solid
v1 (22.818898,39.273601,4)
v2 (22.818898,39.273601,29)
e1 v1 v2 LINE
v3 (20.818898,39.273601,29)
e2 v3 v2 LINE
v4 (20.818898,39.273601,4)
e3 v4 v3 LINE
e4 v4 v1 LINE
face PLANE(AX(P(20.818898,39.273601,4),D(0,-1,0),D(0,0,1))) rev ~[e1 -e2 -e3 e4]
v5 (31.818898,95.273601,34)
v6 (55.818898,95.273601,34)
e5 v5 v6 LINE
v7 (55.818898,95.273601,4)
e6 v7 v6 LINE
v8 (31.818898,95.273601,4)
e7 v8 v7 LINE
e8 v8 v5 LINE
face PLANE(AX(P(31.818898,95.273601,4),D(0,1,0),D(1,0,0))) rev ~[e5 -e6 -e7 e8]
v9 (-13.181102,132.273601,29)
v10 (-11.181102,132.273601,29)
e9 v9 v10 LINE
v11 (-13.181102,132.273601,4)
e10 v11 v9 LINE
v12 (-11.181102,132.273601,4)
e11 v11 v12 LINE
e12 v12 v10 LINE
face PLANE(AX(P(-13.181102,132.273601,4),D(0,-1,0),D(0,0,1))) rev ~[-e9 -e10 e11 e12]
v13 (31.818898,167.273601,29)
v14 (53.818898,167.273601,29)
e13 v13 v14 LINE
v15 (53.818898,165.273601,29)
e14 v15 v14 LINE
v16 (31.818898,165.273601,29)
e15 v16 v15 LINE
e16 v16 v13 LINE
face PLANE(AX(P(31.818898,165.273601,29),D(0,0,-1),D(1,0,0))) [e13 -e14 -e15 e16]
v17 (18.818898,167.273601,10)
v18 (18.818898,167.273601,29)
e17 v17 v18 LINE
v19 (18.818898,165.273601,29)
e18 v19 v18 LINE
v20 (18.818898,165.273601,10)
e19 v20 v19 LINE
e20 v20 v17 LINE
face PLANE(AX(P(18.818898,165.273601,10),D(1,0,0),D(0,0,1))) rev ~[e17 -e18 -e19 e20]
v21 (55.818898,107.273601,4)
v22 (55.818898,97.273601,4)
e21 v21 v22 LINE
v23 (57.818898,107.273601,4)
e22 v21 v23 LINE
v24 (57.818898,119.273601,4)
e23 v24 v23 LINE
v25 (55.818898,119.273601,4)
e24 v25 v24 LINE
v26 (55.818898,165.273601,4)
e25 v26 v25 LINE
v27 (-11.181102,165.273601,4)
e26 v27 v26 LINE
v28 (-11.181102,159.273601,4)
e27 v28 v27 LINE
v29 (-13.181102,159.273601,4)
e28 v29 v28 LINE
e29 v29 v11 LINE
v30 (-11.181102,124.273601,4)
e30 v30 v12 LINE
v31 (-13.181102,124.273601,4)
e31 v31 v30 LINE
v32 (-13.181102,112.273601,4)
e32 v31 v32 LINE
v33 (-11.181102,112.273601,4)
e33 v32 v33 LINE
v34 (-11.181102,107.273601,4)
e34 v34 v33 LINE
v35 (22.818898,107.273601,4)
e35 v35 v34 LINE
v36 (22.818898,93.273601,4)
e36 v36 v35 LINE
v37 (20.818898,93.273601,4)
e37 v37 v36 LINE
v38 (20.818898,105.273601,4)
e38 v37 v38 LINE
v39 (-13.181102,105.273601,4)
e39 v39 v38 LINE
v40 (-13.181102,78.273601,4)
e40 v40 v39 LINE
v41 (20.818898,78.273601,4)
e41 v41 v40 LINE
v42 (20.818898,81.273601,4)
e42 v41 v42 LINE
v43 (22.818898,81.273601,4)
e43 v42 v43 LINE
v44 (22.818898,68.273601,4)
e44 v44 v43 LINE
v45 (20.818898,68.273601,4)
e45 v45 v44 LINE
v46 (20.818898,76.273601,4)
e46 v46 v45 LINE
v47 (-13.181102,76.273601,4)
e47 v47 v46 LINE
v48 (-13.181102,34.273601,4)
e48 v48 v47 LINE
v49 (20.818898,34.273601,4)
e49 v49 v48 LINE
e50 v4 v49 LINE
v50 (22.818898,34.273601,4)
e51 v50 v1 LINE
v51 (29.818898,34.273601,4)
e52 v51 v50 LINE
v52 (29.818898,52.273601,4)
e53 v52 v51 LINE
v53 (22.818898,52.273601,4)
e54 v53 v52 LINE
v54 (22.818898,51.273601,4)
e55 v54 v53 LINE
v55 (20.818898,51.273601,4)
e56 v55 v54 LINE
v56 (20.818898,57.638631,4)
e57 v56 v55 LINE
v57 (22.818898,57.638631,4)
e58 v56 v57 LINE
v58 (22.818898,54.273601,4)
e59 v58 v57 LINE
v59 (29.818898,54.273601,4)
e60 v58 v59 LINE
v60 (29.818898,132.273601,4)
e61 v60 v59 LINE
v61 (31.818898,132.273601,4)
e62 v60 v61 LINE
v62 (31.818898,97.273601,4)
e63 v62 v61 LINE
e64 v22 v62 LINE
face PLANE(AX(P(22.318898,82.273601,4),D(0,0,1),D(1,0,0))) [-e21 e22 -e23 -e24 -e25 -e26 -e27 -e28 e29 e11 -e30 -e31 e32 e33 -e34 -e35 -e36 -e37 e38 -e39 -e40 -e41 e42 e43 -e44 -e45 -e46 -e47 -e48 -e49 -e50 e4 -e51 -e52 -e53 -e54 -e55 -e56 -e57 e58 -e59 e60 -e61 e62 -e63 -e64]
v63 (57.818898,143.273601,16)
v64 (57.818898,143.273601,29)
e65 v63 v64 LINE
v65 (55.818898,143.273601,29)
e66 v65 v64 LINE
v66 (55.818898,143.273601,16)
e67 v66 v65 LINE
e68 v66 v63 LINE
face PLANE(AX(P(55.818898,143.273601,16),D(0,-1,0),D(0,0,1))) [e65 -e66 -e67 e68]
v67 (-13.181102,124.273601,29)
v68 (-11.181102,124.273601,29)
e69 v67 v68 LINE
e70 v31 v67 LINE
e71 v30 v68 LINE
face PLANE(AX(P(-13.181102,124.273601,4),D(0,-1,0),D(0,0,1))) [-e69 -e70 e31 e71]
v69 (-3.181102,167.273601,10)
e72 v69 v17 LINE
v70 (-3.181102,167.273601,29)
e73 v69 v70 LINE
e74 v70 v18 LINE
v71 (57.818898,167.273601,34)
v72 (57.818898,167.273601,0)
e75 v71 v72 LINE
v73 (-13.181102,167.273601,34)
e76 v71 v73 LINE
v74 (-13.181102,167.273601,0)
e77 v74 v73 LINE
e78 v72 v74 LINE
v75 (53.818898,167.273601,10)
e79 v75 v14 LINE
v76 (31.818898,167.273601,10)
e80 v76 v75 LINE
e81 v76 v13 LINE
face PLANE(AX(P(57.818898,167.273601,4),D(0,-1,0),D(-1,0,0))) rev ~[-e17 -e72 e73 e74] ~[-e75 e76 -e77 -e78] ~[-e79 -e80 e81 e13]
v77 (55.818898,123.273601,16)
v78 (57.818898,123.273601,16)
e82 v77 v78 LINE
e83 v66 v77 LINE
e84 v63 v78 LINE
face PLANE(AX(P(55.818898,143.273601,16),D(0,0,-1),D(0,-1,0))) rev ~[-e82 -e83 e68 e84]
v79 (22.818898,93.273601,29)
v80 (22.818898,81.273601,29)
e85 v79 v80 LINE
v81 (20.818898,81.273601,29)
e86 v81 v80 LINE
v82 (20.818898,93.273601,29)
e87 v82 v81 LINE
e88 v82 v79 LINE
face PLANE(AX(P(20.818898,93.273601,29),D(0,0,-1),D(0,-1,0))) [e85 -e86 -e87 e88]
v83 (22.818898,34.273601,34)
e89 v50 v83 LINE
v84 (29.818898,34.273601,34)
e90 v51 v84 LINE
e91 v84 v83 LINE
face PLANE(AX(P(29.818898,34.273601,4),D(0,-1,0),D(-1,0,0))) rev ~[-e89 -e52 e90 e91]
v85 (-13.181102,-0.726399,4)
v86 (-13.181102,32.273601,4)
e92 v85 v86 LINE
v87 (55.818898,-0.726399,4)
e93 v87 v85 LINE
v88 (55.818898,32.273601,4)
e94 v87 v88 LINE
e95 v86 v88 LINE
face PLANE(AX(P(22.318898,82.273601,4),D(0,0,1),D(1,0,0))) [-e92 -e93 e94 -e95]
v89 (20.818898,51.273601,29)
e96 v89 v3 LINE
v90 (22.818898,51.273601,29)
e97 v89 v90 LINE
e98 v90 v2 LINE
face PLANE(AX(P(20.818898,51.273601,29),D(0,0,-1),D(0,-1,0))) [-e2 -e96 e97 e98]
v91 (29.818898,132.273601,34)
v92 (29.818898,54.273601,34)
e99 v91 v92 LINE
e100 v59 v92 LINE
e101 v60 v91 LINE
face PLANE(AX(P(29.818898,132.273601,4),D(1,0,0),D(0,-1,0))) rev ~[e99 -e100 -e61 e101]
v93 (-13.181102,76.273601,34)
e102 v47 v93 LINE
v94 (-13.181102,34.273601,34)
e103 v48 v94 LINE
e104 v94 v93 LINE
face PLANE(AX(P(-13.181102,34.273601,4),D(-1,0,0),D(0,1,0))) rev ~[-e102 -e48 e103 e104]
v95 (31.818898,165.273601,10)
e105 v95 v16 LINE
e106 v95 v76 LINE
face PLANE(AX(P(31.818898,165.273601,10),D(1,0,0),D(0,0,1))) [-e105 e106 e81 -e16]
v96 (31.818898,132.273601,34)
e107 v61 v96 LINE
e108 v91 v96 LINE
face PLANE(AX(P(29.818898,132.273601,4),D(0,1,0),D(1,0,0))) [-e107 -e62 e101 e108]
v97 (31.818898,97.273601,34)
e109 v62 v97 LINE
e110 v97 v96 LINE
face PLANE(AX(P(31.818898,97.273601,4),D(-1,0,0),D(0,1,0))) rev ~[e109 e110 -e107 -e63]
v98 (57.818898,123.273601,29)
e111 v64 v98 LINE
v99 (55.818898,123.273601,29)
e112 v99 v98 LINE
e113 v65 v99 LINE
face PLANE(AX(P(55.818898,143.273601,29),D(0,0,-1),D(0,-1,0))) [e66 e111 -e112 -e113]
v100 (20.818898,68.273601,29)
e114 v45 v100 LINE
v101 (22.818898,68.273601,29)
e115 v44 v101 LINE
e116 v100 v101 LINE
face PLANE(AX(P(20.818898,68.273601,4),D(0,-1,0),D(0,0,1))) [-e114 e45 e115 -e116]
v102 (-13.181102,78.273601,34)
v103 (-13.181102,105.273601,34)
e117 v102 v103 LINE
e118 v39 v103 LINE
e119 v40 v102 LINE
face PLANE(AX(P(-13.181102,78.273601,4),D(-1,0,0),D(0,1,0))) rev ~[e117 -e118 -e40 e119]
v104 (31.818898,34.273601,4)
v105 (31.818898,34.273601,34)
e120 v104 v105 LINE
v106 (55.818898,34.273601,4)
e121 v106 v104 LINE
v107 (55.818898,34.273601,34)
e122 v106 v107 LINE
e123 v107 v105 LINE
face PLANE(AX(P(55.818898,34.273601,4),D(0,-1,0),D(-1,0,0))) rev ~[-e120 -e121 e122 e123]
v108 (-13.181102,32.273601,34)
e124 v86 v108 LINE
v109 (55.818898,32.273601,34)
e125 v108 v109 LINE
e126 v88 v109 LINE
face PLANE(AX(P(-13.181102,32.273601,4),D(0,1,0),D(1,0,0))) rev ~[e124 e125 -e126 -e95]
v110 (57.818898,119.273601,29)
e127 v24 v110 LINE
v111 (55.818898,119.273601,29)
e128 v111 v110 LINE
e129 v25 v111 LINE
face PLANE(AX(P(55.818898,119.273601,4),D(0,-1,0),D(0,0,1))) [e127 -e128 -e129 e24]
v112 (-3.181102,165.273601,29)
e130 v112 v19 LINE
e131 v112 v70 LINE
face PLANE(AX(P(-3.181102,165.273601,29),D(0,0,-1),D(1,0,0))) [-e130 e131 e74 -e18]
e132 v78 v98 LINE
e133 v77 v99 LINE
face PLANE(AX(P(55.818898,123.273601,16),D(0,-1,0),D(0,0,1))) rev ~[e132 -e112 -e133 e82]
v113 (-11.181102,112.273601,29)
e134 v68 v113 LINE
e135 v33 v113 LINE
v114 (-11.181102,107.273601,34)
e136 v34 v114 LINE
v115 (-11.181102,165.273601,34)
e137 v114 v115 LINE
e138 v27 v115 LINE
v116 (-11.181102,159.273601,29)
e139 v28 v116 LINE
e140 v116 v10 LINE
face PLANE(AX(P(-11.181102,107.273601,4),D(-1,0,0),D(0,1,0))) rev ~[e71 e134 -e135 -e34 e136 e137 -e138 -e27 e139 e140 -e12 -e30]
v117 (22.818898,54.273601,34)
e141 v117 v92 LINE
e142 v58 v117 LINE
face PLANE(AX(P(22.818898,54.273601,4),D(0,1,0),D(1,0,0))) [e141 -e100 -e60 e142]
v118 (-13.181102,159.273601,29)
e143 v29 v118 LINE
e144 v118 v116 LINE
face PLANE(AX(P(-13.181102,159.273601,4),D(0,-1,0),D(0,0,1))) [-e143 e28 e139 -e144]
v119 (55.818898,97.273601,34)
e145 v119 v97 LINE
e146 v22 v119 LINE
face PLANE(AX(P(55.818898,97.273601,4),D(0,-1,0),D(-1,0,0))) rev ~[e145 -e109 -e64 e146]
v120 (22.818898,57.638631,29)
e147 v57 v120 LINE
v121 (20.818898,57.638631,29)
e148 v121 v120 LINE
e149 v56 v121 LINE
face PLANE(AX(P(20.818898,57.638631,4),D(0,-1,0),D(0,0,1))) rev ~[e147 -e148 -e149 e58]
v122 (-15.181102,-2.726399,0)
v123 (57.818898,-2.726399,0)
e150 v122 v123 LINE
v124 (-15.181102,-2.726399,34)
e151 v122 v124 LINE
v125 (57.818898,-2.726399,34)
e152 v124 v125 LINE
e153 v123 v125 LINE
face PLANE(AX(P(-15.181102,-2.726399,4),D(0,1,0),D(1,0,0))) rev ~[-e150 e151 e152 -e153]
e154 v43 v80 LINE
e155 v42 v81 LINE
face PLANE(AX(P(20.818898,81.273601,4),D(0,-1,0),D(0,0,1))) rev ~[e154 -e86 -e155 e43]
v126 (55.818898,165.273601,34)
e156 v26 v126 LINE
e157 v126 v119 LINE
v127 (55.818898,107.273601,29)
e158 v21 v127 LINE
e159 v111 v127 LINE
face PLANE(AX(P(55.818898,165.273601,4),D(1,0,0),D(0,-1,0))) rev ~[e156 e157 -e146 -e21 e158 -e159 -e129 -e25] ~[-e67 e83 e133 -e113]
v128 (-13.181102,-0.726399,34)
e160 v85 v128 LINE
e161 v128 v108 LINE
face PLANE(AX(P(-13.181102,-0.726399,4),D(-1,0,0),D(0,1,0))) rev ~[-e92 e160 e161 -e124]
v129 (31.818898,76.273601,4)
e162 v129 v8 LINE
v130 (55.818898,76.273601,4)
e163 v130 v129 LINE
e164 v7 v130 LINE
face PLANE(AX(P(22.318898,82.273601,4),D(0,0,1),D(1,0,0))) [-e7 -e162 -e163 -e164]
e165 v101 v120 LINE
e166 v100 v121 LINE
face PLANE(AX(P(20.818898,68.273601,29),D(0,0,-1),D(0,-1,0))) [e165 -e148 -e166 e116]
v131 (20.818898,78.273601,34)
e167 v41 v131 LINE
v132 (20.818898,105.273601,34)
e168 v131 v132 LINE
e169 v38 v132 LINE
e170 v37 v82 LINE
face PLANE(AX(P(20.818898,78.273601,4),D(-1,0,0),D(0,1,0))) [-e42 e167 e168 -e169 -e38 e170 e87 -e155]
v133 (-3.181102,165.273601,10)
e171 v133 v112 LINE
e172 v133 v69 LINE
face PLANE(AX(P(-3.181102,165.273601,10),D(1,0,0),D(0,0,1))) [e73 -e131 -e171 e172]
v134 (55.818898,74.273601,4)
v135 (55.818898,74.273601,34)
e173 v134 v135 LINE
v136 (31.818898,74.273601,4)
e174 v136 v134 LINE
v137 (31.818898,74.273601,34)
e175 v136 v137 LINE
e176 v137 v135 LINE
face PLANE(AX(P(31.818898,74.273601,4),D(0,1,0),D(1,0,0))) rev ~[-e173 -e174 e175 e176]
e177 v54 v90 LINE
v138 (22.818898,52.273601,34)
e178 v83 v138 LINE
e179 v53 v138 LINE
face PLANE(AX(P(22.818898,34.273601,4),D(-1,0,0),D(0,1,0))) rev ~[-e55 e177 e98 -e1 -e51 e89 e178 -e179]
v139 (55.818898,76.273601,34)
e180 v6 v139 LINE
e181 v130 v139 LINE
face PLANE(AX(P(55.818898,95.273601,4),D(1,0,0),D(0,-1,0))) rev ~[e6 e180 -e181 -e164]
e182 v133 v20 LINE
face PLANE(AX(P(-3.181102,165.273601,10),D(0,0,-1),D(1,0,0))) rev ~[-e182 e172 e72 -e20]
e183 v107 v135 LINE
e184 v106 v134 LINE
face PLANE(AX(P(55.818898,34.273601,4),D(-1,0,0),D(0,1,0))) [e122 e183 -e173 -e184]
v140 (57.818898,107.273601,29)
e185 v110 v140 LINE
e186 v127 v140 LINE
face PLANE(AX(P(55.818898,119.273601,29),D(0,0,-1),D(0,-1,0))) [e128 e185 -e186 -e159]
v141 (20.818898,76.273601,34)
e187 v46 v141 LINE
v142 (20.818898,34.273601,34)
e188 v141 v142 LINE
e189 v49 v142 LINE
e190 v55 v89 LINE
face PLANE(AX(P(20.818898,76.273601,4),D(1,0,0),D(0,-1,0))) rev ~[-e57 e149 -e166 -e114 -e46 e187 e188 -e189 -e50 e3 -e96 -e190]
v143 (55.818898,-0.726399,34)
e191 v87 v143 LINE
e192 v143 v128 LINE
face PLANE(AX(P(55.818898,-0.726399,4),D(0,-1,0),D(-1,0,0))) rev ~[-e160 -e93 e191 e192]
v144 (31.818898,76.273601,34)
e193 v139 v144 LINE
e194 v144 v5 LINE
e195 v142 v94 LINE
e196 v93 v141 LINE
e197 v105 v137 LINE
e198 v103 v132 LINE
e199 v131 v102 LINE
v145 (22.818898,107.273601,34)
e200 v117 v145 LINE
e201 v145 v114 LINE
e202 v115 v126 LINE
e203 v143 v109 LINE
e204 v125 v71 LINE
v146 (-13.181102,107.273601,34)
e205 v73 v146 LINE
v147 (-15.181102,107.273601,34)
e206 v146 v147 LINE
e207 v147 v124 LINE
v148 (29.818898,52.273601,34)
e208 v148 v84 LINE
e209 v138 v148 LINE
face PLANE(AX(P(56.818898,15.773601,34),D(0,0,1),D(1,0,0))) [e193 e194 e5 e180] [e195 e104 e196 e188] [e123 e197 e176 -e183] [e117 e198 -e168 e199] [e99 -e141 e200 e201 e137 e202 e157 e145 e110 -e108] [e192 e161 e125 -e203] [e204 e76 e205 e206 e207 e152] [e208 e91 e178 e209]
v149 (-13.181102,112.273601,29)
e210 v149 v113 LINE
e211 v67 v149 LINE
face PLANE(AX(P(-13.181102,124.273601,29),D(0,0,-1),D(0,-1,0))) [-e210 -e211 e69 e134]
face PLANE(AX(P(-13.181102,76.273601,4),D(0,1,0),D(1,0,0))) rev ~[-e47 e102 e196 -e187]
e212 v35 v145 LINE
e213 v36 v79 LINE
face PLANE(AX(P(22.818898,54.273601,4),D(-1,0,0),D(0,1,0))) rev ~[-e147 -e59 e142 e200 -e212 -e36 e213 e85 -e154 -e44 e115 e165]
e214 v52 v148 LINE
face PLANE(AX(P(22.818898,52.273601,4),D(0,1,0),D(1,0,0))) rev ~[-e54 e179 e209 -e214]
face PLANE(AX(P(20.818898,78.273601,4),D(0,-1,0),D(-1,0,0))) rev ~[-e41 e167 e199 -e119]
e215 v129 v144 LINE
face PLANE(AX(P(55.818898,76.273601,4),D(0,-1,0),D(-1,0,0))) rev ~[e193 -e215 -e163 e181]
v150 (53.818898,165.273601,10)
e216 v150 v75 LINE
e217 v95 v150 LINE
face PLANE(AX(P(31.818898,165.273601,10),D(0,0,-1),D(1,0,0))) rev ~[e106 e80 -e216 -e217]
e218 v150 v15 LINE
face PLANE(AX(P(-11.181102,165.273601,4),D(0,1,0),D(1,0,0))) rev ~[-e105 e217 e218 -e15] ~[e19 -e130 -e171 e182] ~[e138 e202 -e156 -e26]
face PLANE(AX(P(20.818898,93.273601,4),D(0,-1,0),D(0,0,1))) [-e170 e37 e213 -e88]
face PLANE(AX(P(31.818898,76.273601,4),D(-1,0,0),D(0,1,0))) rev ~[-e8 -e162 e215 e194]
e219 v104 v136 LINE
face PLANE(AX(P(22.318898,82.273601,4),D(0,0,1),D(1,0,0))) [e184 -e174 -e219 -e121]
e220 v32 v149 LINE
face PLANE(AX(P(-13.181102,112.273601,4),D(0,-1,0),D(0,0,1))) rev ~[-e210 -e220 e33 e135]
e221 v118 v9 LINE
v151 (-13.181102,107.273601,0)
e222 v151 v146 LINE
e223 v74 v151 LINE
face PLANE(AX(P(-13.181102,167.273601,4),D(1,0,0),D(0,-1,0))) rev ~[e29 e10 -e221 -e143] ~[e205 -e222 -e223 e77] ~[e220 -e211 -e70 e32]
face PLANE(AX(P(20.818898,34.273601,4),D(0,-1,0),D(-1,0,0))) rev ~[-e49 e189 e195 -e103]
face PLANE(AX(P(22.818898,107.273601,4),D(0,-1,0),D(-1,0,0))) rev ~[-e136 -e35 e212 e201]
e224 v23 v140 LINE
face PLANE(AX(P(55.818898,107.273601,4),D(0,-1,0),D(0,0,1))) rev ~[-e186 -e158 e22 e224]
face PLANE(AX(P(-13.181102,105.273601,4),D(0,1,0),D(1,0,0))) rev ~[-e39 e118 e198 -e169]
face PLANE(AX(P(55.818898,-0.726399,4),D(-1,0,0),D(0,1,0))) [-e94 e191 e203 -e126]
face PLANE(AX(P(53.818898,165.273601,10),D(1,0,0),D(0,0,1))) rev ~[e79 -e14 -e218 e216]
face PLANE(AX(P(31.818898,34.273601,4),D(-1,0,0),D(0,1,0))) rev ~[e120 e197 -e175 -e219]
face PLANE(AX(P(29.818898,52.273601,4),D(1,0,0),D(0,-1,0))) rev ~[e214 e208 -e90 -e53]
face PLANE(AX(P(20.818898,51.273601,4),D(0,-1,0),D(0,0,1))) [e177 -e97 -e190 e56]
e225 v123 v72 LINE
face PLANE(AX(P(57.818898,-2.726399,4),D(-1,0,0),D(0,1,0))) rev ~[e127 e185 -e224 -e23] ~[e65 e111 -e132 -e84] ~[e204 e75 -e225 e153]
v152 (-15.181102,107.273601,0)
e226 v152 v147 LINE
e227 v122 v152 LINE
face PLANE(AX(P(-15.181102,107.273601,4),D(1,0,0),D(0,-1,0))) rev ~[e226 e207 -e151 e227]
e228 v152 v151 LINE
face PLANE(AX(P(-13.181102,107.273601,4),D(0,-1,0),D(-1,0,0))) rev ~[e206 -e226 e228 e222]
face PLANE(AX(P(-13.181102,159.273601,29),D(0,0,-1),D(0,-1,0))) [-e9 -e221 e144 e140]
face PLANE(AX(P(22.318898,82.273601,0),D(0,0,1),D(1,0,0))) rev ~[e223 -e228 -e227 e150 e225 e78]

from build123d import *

# Parameters (mm, degrees)
F2_W      = 2
F2_H      = 110
F3_DEPTH  = 4
F4_W      = 2
F4_H      = 33
F4_H_2    = 40
F4_H_3    = 27
F4_H_4    = 19
F4_H_5    = 35
F4_W_2    = 7
F4_H_6    = 2
F5_DEPTH  = 30
F6_W      = 12
F6_H      = 25
F6_W_2    = 27
F7_DEPTH  = 2
F8_W      = 12
F8_H      = 25
F8_W_2    = 20
F8_H_2    = 13
F9_DEPTH  = 2
F10_W     = 22
F10_H     = 19
F11_DEPTH = 2
F12_W     = 12
F12_H     = 25
F12_W_2   = 10.6349699199
F13_DEPTH = 2


with BuildPart() as f3:
    # F2 (on Top) → F3 (new body)
    with BuildSketch(Plane.XY):
        Polygon((57.8188975325, 167.2736013268), (-13.1811024675, 167.2736013268), (-13.1811024675, 107.2736013268), (-13.1811024675, -2.7263986732), (57.8188975325, -2.7263986732), align=None)
        with Locations((-14.1811024675, 52.2736013268)):
            Rectangle(F2_W, F2_H)
    extrude(amount=F3_DEPTH)

    # F4 (on face) → F5 (join)
    with BuildSketch(Plane.XY.offset(4)):
        with Locations((56.8188975325, 15.7736013268)):
            Rectangle(F4_W, F4_H)
        with Locations((56.8188975325, 54.2736013268)):
            Rectangle(F4_W, F4_H_2)
        Polygon((-13.1811024675, 167.2736013268), (-13.1811024675, 107.2736013268), (-11.1811024675, 107.2736013268), (-11.1811024675, 165.2736013268), (-11.1811024675, 167.2736013268), align=None)
        Polygon((-11.1811024675, 167.2736013268), (-11.1811024675, 165.2736013268), (55.8188975325, 165.2736013268), (57.8188975325, 165.2736013268), (57.8188975325, 167.2736013268), align=None)
        Polygon((-15.1811024675, -0.7263986732), (-15.1811024675, -2.7263986732), (57.8188975325, -2.7263986732), (57.8188975325, -0.7263986732), (55.8188975325, -0.7263986732), (27.8188975325, -0.7263986732), (25.8188975325, -0.7263986732), (-13.1811024675, -0.7263986732), align=None)
        Polygon((-11.1811024675, 107.2736013268), (-13.1811024675, 107.2736013268), (-13.1811024675, 105.2736013268), (20.8188975325, 105.2736013268), (22.8188975325, 105.2736013268), (22.8188975325, 107.2736013268), align=None)
        Polygon((55.8188975325, 76.2736013268), (57.8188975325, 76.2736013268), (57.8188975325, 165.2736013268), (55.8188975325, 165.2736013268), (55.8188975325, 97.2736013268), (55.8188975325, 95.2736013268), align=None)
        Polygon((-15.1811024675, 107.2736013268), (-15.1811024675, -0.7263986732), (-13.1811024675, -0.7263986732), (-13.1811024675, 32.2736013268), (-13.1811024675, 34.2736013268), (-13.1811024675, 76.2736013268), (-13.1811024675, 78.2736013268), (-13.1811024675, 105.2736013268), (-13.1811024675, 107.2736013268), align=None)
        Polygon((55.8188975325, 74.2736013268), (57.8188975325, 74.2736013268), (57.8188975325, 76.2736013268), (55.8188975325, 76.2736013268), (31.8188975325, 76.2736013268), (29.8188975325, 76.2736013268), (29.8188975325, 74.2736013268), (31.8188975325, 74.2736013268), align=None)
        Polygon((55.8188975325, 32.2736013268), (57.8188975325, 32.2736013268), (57.8188975325, 34.2736013268), (55.8188975325, 34.2736013268), (31.8188975325, 34.2736013268), (29.8188975325, 34.2736013268), (22.8188975325, 34.2736013268), (20.8188975325, 34.2736013268), (-13.1811024675, 34.2736013268), (-13.1811024675, 32.2736013268), (25.8188975325, 32.2736013268), (27.8188975325, 32.2736013268), align=None)
        with Locations((21.8188975325, 91.7736013268)):
            Rectangle(F4_W, F4_H_3)
        Polygon((20.8188975325, 76.2736013268), (20.8188975325, 34.2736013268), (22.8188975325, 34.2736013268), (22.8188975325, 52.2736013268), (22.8188975325, 54.2736013268), (22.8188975325, 76.2736013268), align=None)
        Polygon((-13.1811024675, 78.2736013268), (-13.1811024675, 76.2736013268), (20.8188975325, 76.2736013268), (22.8188975325, 76.2736013268), (22.8188975325, 78.2736013268), (20.8188975325, 78.2736013268), align=None)
        with Locations((30.8188975325, 85.7736013268)):
            Rectangle(F4_W, F4_H_4)
        Polygon((55.8188975325, 95.2736013268), (55.8188975325, 97.2736013268), (31.8188975325, 97.2736013268), (29.8188975325, 97.2736013268), (29.8188975325, 95.2736013268), (31.8188975325, 95.2736013268), align=None)
        with Locations((30.8188975325, 114.7736013268)):
            Rectangle(F4_W, F4_H_5)
        Polygon((29.8188975325, 34.2736013268), (31.8188975325, 34.2736013268), (31.8188975325, 74.2736013268), (29.8188975325, 74.2736013268), (29.8188975325, 54.2736013268), (29.8188975325, 52.2736013268), align=None)
        with Locations((26.3188975325, 53.2736013268)):
            Rectangle(F4_W_2, F4_H_6)
    extrude(amount=F5_DEPTH)

    # F6 (on face) → F7 (cut)
    with BuildSketch(Plane(origin=(-13.1811024675, 0, 0), x_dir=(0, -1, 0), z_dir=(-1, 0, 0))):
        with Locations((-118.2736013268, 16.5)):
            Rectangle(F6_W, F6_H)
        with Locations((-145.7736013268, 16.5)):
            Rectangle(F6_W_2, F6_H)
    extrude(amount=-F7_DEPTH, mode=Mode.SUBTRACT)

    # F8 (on face) → F9 (cut)
    with BuildSketch(Plane(origin=(55.8188975325, 0, 0), x_dir=(0, -1, 0), z_dir=(-1, 0, 0))):
        with Locations((-113.2736013268, 16.5)):
            Rectangle(F8_W, F8_H)
        with Locations((-133.2736013268, 22.5)):
            Rectangle(F8_W_2, F8_H_2)
    extrude(amount=-F9_DEPTH, mode=Mode.SUBTRACT)

    # F10 (on face) → F11 (cut)
    with BuildSketch(Plane.XZ.offset(-165.2736013268)):
        with Locations((42.8188975325, 19.5)):
            Rectangle(F10_W, F10_H)
        with Locations((7.8188975325, 19.5)):
            Rectangle(F10_W, F10_H)
    extrude(amount=-F11_DEPTH, mode=Mode.SUBTRACT)

    # F12 (on face) → F13 (cut)
    with BuildSketch(Plane(origin=(20.8188975325, 0, 0), x_dir=(0, -1, 0), z_dir=(-1, 0, 0))):
        with Locations((-87.2736013268, 16.5)):
            Rectangle(F12_W, F12_H)
        with Locations((-62.9561163669, 16.5)):
            Rectangle(F12_W_2, F12_H)
        with Locations((-45.2736013268, 16.5)):
            Rectangle(F12_W, F12_H)
    extrude(amount=-F13_DEPTH, mode=Mode.SUBTRACT)


solid = f3.part
